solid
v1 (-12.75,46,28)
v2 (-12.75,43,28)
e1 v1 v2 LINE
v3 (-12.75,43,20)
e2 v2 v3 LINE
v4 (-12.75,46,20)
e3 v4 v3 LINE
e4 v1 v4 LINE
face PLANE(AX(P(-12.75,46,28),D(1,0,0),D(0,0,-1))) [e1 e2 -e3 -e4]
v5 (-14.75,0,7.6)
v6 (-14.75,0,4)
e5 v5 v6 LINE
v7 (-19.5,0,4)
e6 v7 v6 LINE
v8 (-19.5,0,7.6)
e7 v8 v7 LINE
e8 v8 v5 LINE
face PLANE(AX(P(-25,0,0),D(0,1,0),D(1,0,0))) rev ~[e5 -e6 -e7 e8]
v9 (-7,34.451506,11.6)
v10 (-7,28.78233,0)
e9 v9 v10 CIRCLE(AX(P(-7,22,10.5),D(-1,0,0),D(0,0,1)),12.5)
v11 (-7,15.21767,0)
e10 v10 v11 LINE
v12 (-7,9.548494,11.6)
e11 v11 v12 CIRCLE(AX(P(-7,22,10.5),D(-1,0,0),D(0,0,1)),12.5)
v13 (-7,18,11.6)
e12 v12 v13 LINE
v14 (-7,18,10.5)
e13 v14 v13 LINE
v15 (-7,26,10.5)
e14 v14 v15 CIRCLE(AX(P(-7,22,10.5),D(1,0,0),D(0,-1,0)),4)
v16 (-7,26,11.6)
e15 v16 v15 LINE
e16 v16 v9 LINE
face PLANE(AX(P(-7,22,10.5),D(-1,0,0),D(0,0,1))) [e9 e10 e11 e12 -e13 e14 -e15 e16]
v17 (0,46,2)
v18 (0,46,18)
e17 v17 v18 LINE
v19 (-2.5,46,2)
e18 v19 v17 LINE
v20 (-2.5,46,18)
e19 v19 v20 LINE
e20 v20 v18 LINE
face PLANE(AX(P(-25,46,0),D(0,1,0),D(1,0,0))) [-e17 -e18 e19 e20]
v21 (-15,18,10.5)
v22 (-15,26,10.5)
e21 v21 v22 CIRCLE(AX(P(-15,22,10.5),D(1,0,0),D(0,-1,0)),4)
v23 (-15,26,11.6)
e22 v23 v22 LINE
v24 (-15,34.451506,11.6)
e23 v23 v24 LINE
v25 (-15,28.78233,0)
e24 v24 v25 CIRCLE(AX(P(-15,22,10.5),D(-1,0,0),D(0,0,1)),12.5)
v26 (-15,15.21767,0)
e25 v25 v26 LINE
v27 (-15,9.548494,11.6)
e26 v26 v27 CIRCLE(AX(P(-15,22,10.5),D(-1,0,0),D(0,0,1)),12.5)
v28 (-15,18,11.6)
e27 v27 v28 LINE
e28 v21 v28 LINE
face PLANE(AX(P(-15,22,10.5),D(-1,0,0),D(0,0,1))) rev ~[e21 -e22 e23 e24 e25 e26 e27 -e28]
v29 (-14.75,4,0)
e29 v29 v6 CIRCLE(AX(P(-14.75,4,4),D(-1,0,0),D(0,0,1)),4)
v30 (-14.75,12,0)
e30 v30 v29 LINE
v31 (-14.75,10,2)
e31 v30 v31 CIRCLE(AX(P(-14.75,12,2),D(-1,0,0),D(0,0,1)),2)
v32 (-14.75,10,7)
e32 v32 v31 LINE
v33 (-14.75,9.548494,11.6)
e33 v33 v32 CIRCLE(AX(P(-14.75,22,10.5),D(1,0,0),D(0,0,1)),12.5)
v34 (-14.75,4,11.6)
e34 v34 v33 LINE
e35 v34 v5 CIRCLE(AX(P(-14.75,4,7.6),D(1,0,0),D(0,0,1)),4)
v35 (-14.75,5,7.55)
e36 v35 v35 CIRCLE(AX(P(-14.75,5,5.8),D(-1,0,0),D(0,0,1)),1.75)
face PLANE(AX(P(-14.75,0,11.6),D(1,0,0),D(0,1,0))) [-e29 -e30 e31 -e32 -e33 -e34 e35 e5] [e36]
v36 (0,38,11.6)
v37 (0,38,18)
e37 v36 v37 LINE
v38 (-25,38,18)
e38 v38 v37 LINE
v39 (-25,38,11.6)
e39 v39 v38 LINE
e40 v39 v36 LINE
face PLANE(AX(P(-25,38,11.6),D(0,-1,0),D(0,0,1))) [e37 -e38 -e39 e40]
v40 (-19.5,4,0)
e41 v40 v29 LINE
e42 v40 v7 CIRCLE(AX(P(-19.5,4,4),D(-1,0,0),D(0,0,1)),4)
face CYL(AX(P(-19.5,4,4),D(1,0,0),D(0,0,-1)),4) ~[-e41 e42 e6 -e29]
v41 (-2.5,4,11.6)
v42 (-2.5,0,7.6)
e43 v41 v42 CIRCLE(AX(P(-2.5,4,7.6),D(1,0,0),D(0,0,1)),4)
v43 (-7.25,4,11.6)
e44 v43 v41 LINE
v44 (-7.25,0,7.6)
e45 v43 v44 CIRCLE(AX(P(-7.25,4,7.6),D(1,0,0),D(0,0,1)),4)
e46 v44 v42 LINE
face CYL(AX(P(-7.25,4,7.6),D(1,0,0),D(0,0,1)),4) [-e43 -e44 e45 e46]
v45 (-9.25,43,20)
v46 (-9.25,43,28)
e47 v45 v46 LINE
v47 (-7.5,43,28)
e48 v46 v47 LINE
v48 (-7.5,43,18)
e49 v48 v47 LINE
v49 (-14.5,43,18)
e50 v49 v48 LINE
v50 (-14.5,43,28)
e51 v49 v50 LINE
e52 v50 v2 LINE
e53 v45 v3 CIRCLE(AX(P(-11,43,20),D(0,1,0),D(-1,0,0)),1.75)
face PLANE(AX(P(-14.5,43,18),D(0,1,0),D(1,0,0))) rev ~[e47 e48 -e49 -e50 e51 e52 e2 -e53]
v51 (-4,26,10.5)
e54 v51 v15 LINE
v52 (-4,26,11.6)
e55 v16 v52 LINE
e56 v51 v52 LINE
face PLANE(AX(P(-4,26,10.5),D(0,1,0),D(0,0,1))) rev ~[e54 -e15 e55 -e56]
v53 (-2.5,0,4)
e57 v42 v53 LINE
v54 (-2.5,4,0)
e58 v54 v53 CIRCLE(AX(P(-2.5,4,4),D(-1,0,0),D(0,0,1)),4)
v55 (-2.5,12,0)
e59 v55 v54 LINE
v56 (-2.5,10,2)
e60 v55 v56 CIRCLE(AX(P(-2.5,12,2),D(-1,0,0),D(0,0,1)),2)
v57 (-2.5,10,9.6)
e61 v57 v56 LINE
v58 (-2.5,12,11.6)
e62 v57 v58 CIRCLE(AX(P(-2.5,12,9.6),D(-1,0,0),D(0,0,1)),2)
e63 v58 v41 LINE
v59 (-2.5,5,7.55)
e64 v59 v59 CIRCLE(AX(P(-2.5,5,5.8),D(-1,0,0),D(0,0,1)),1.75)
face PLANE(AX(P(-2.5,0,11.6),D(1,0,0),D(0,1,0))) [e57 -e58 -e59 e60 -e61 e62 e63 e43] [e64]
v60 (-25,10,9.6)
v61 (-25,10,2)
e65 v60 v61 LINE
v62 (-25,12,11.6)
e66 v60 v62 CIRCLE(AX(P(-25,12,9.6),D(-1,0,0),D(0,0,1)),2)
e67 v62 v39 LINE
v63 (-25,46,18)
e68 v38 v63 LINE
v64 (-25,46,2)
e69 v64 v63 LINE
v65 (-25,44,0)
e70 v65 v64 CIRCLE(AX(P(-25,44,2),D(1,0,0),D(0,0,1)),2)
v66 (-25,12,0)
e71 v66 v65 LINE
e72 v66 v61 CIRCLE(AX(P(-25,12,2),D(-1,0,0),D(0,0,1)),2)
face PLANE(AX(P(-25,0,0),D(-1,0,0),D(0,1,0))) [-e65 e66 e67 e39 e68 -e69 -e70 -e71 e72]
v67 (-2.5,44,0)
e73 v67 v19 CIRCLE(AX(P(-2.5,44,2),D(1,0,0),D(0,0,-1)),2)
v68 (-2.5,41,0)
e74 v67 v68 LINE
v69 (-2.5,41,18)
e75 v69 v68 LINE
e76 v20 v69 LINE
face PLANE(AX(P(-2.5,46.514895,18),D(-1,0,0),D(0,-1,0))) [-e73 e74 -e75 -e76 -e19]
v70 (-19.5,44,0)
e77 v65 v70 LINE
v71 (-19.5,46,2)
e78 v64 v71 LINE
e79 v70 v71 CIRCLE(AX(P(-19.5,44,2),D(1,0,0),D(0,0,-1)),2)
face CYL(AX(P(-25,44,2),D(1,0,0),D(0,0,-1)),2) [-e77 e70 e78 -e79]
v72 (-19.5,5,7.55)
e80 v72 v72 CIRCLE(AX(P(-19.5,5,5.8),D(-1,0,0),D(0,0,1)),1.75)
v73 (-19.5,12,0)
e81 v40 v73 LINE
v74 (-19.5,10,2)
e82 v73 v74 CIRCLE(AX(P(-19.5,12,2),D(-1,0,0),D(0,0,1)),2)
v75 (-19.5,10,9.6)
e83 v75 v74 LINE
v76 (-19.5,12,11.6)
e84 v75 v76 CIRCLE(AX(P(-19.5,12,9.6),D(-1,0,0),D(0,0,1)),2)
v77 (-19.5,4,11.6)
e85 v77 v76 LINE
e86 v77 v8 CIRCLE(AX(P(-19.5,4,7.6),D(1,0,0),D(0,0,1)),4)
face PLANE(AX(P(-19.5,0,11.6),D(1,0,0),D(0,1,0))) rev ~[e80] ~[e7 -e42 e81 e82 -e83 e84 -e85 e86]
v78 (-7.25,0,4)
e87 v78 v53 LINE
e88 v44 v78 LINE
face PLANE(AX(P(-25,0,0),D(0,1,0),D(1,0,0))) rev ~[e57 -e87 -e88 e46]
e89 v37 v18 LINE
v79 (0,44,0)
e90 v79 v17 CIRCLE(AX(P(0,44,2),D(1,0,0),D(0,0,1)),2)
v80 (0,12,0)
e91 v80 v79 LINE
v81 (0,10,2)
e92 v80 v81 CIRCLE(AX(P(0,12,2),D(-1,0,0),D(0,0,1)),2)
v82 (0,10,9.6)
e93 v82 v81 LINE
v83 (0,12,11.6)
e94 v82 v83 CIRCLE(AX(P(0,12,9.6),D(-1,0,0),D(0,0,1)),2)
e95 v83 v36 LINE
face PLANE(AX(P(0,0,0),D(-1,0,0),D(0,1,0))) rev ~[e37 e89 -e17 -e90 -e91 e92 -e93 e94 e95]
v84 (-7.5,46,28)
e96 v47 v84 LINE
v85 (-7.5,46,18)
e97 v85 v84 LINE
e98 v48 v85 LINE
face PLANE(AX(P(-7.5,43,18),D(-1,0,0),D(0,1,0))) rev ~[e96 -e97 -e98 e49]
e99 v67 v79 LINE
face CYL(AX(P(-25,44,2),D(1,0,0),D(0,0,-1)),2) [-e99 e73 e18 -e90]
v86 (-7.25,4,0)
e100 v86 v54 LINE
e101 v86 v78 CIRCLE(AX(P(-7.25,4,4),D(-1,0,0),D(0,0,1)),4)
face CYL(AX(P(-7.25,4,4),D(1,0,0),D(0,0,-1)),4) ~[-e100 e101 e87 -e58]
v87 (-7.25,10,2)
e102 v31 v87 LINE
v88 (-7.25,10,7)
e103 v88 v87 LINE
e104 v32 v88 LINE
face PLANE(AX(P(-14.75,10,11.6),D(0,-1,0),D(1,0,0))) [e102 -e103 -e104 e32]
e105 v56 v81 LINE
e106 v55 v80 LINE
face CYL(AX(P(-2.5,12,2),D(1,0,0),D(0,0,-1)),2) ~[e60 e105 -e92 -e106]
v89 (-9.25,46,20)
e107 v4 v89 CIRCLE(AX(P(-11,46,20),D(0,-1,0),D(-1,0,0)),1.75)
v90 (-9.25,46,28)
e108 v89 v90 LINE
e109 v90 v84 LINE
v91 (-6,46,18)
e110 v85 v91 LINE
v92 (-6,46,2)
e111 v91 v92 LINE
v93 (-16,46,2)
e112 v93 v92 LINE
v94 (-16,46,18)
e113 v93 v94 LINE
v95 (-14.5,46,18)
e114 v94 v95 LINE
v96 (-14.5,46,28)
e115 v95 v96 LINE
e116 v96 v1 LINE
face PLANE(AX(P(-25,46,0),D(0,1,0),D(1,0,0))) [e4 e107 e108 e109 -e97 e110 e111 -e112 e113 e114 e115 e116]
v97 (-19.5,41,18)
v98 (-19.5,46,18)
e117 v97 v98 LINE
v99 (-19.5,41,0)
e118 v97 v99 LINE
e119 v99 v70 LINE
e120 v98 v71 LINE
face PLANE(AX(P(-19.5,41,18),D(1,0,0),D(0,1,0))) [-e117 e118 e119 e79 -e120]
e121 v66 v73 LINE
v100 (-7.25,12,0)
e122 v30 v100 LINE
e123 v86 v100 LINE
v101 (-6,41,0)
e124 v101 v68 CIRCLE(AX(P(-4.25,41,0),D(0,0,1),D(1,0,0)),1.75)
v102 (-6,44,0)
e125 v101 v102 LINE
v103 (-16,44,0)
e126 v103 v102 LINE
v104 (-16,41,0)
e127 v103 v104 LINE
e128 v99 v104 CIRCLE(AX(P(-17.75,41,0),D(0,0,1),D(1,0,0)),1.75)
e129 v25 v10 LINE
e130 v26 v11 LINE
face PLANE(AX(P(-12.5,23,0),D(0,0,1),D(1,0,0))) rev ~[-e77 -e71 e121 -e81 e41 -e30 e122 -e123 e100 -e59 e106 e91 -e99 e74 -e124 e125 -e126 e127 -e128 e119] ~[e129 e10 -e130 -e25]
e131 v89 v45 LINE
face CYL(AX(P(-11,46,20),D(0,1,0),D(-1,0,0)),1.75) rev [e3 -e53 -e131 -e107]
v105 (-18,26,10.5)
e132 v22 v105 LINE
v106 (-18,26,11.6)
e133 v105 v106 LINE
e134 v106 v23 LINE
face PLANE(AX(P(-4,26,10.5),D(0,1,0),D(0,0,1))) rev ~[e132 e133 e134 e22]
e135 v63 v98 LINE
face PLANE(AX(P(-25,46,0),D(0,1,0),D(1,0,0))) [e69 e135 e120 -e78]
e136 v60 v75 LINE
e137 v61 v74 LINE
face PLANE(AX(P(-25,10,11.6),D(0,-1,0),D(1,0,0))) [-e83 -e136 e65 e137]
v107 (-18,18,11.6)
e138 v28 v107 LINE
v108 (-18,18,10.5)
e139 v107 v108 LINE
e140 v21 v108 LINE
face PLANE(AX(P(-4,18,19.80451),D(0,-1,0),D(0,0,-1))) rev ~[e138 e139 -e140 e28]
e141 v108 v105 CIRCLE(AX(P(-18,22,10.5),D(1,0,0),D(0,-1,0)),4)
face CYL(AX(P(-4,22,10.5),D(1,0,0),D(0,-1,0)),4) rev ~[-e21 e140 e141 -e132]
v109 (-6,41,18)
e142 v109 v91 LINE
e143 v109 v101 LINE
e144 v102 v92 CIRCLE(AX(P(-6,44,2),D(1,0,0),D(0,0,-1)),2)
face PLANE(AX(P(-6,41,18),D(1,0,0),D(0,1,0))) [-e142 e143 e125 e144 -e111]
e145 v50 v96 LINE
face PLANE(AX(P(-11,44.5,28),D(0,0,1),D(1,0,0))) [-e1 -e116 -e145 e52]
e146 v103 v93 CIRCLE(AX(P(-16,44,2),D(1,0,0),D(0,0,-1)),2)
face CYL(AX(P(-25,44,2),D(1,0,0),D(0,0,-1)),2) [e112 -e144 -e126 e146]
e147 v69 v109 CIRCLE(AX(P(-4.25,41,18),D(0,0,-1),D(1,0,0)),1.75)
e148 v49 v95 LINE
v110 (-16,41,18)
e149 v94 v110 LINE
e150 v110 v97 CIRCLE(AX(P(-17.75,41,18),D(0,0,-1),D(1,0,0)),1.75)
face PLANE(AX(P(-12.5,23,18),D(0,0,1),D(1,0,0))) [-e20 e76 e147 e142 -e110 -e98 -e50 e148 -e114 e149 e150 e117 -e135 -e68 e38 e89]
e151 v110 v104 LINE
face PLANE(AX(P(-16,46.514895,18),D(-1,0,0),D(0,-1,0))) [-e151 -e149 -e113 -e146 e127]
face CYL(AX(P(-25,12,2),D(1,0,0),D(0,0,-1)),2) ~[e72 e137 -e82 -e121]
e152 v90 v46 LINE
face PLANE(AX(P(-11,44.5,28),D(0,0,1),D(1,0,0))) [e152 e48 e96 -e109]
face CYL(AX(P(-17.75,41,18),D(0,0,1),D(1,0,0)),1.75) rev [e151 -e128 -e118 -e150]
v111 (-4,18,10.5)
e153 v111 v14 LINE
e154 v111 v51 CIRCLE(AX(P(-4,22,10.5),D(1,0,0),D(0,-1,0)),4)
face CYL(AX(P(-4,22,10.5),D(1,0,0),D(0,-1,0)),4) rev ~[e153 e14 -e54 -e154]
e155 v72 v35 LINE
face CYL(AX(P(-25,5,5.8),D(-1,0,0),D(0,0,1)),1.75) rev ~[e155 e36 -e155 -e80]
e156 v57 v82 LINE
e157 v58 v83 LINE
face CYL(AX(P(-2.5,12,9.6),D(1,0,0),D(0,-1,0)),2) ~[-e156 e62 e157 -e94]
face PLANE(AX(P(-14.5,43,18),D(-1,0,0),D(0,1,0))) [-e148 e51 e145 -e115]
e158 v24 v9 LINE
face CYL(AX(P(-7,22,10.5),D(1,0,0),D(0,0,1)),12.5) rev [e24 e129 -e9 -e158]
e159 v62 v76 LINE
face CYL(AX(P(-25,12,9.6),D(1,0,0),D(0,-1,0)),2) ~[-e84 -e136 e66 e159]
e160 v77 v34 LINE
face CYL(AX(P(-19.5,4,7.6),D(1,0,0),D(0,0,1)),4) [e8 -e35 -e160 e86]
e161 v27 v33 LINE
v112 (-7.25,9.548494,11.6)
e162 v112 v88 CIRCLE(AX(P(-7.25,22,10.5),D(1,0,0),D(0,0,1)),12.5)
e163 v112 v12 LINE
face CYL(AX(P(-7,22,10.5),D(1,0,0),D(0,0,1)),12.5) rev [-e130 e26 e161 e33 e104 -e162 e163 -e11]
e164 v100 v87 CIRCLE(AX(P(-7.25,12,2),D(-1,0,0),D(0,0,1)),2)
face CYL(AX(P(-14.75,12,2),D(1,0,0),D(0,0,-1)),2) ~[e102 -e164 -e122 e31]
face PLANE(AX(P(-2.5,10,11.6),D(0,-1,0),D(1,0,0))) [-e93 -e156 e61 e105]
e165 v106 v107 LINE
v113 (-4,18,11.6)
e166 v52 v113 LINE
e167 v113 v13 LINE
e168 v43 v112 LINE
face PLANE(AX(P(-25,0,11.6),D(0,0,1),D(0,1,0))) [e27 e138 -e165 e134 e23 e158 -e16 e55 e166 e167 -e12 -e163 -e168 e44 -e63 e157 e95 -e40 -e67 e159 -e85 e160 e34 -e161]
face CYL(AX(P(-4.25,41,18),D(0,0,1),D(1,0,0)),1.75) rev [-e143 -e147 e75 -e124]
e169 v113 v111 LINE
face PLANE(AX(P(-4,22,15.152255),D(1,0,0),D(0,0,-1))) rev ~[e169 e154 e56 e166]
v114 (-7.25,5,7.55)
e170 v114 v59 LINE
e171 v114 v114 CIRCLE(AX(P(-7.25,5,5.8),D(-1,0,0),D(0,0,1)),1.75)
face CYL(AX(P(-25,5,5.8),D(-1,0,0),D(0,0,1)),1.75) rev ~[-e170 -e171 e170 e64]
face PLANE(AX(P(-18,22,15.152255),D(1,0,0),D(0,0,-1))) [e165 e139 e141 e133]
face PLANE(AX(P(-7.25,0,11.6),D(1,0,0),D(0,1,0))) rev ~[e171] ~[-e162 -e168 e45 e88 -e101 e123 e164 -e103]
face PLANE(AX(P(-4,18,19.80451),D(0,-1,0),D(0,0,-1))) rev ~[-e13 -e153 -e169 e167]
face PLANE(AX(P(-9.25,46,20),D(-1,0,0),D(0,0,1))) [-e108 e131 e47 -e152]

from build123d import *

# Parameters (mm, degrees)
SKETCH1_W               = 25
SKETCH1_H               = 46
BOSS_EXTRUDE1_DEPTH     = 18
SKETCH2_W               = 7
SKETCH2_H               = 3
BOSS_EXTRUDE2_DEPTH     = 10
CUT_EXTRUDE1_DEPTH      = 10
CUT_EXTRUDE2_DEPTH      = 4
CUT_EXTRUDE2_DEPTH_BACK = 4
SKETCH5_R               = 12.5
CUT_EXTRUDE3_DEPTH      = 7
CUT_EXTRUDE3_DEPTH_BACK = 7
CUT_EXTRUDE4_REACH      = 61.372
SKETCH8_R               = 1.75
SKETCH9_W               = 6.4
SKETCH9_H               = 38
CUT_EXTRUDE5_DEPTH      = 36
SKETCH10_W              = 7.5
SKETCH10_H              = 10
SKETCH10_W_2            = 2.5
SKETCH10_W_3            = 5.5
CUT_EXTRUDE6_DEPTH      = 32
FILLET1_R               = 4
FILLET2_R               = 2
CUT_EXTRUDE7_DEPTH      = 32


with BuildPart() as part:
    # Sketch1 → Boss-Extrude1 (new body)
    with BuildSketch(Plane.XY):
        with Locations((-12.5, 23)):
            Rectangle(SKETCH1_W, SKETCH1_H)
    extrude(amount=BOSS_EXTRUDE1_DEPTH)

    # Sketch2 → Boss-Extrude2 (add)
    with BuildSketch(Plane.XY.offset(18)):
        with Locations((-11, 44.5)):
            Rectangle(SKETCH2_W, SKETCH2_H)
    extrude(amount=BOSS_EXTRUDE2_DEPTH)

    # Sketch3 → Cut-Extrude1 (cut)
    with BuildSketch(Plane(origin=(0, 46, 0), x_dir=(1, 0, 0), z_dir=(0, 1, 0))):
        with BuildLine():
            Line((-12.75, -28), (-12.75, -20))
            ThreePointArc((-12.75, -20), (-11, -18.25), (-9.25, -20))
            Line((-9.25, -20), (-9.25, -28))
            ThreePointArc((-9.25, -28), (-11, -29.75), (-12.75, -28))
        make_face()
    extrude(amount=-CUT_EXTRUDE1_DEPTH, mode=Mode.SUBTRACT)

    # Sketch5 → Cut-Extrude2 (cut, two sides: drawn at the far end of the back side and taken through both)
    with BuildSketch(Plane.ZY.offset(11).offset(-CUT_EXTRUDE2_DEPTH_BACK)):
        with Locations((10.5, 22)):
            Circle(SKETCH5_R)
    extrude(amount=CUT_EXTRUDE2_DEPTH + CUT_EXTRUDE2_DEPTH_BACK, mode=Mode.SUBTRACT)

    # Sketch7 → Cut-Extrude3 (cut, two sides: drawn at the far end of the back side and taken through both)
    with BuildSketch(Plane.ZY.offset(11).offset(-CUT_EXTRUDE3_DEPTH_BACK)):
        with BuildLine():
            Line((10.5, 26), (19.804509891, 26))
            ThreePointArc((19.804509891, 26), (23.804509891, 22), (19.804509891, 18))
            Line((19.804509891, 18), (10.5, 18))
            ThreePointArc((10.5, 18), (6.5, 22), (10.5, 26))
        make_face()
    extrude(amount=CUT_EXTRUDE3_DEPTH + CUT_EXTRUDE3_DEPTH_BACK, mode=Mode.SUBTRACT)

    # Sketch8 → Cut-Extrude4 (cut, up to next)
    with BuildSketch(Plane.ZY.offset(25), mode=Mode.PRIVATE) as cut_extrude4_sk1:
        with Locations((5.8, 5)):
            Circle(SKETCH8_R)
    cut_extrude4_tool1 = extrude(cut_extrude4_sk1.sketch, amount=-CUT_EXTRUDE4_REACH, mode=Mode.PRIVATE) & part.part
    add(cut_extrude4_tool1.solids().sort_by_distance((-25, 5, 5.8))[0], mode=Mode.SUBTRACT)

    # Sketch9 → Cut-Extrude5 (cut)
    with BuildSketch(Plane.ZY.offset(25)):
        with Locations((14.8, 19)):
            Rectangle(SKETCH9_W, SKETCH9_H)
    extrude(amount=-CUT_EXTRUDE5_DEPTH, mode=Mode.SUBTRACT)

    # Sketch10 → Cut-Extrude6 (cut)
    with BuildSketch(Plane.XY.offset(11.6)):
        with Locations((-11, 5)):
            Rectangle(SKETCH10_W, SKETCH10_H)
        with Locations((-1.25, 5)):
            Rectangle(SKETCH10_W_2, SKETCH10_H)
        with Locations((-22.25, 5)):
            Rectangle(SKETCH10_W_3, SKETCH10_H)
    extrude(amount=-CUT_EXTRUDE6_DEPTH, mode=Mode.SUBTRACT)

    # Fillet1
    fillet1_edges = [part.edges().sort_by_distance(p)[0] for p in [
        (-17.125, 0, 11.6),
        (-4.875, 0, 0),
        (-4.875, 0, 11.6),
        (-17.125, 0, 0),
    ]]
    fillet(fillet1_edges, radius=FILLET1_R)

    # Fillet2
    fillet2_edges = [part.edges().sort_by_distance(p)[0] for p in [
        (-11, 10, 0),
        (-1.25, 10, 0),
        (-1.25, 10, 11.6),
        (-22.25, 10, 0),
        (-22.25, 10, 11.6),
        (-12.5, 46, 0),
    ]]
    fillet(fillet2_edges, radius=FILLET2_R)

    # Sketch11 → Cut-Extrude7 (cut)
    with BuildSketch(Plane.XY.offset(18)):
        with BuildLine():
            Line((-19.5, 41), (-19.5, 46.514894744))
            Line((-19.5, 46.514894744), (-16, 46.514894744))
            Line((-16, 46.514894744), (-16, 41))
            ThreePointArc((-16, 41), (-17.75, 39.25), (-19.5, 41))
        make_face()
        with BuildLine():
            Line((-6, 41), (-6, 46.514894744))
            Line((-6, 46.514894744), (-2.5, 46.514894744))
            Line((-2.5, 46.514894744), (-2.5, 41))
            ThreePointArc((-2.5, 41), (-4.25, 39.25), (-6, 41))
        make_face()
    extrude(amount=-CUT_EXTRUDE7_DEPTH, mode=Mode.SUBTRACT)


solid = part.part
